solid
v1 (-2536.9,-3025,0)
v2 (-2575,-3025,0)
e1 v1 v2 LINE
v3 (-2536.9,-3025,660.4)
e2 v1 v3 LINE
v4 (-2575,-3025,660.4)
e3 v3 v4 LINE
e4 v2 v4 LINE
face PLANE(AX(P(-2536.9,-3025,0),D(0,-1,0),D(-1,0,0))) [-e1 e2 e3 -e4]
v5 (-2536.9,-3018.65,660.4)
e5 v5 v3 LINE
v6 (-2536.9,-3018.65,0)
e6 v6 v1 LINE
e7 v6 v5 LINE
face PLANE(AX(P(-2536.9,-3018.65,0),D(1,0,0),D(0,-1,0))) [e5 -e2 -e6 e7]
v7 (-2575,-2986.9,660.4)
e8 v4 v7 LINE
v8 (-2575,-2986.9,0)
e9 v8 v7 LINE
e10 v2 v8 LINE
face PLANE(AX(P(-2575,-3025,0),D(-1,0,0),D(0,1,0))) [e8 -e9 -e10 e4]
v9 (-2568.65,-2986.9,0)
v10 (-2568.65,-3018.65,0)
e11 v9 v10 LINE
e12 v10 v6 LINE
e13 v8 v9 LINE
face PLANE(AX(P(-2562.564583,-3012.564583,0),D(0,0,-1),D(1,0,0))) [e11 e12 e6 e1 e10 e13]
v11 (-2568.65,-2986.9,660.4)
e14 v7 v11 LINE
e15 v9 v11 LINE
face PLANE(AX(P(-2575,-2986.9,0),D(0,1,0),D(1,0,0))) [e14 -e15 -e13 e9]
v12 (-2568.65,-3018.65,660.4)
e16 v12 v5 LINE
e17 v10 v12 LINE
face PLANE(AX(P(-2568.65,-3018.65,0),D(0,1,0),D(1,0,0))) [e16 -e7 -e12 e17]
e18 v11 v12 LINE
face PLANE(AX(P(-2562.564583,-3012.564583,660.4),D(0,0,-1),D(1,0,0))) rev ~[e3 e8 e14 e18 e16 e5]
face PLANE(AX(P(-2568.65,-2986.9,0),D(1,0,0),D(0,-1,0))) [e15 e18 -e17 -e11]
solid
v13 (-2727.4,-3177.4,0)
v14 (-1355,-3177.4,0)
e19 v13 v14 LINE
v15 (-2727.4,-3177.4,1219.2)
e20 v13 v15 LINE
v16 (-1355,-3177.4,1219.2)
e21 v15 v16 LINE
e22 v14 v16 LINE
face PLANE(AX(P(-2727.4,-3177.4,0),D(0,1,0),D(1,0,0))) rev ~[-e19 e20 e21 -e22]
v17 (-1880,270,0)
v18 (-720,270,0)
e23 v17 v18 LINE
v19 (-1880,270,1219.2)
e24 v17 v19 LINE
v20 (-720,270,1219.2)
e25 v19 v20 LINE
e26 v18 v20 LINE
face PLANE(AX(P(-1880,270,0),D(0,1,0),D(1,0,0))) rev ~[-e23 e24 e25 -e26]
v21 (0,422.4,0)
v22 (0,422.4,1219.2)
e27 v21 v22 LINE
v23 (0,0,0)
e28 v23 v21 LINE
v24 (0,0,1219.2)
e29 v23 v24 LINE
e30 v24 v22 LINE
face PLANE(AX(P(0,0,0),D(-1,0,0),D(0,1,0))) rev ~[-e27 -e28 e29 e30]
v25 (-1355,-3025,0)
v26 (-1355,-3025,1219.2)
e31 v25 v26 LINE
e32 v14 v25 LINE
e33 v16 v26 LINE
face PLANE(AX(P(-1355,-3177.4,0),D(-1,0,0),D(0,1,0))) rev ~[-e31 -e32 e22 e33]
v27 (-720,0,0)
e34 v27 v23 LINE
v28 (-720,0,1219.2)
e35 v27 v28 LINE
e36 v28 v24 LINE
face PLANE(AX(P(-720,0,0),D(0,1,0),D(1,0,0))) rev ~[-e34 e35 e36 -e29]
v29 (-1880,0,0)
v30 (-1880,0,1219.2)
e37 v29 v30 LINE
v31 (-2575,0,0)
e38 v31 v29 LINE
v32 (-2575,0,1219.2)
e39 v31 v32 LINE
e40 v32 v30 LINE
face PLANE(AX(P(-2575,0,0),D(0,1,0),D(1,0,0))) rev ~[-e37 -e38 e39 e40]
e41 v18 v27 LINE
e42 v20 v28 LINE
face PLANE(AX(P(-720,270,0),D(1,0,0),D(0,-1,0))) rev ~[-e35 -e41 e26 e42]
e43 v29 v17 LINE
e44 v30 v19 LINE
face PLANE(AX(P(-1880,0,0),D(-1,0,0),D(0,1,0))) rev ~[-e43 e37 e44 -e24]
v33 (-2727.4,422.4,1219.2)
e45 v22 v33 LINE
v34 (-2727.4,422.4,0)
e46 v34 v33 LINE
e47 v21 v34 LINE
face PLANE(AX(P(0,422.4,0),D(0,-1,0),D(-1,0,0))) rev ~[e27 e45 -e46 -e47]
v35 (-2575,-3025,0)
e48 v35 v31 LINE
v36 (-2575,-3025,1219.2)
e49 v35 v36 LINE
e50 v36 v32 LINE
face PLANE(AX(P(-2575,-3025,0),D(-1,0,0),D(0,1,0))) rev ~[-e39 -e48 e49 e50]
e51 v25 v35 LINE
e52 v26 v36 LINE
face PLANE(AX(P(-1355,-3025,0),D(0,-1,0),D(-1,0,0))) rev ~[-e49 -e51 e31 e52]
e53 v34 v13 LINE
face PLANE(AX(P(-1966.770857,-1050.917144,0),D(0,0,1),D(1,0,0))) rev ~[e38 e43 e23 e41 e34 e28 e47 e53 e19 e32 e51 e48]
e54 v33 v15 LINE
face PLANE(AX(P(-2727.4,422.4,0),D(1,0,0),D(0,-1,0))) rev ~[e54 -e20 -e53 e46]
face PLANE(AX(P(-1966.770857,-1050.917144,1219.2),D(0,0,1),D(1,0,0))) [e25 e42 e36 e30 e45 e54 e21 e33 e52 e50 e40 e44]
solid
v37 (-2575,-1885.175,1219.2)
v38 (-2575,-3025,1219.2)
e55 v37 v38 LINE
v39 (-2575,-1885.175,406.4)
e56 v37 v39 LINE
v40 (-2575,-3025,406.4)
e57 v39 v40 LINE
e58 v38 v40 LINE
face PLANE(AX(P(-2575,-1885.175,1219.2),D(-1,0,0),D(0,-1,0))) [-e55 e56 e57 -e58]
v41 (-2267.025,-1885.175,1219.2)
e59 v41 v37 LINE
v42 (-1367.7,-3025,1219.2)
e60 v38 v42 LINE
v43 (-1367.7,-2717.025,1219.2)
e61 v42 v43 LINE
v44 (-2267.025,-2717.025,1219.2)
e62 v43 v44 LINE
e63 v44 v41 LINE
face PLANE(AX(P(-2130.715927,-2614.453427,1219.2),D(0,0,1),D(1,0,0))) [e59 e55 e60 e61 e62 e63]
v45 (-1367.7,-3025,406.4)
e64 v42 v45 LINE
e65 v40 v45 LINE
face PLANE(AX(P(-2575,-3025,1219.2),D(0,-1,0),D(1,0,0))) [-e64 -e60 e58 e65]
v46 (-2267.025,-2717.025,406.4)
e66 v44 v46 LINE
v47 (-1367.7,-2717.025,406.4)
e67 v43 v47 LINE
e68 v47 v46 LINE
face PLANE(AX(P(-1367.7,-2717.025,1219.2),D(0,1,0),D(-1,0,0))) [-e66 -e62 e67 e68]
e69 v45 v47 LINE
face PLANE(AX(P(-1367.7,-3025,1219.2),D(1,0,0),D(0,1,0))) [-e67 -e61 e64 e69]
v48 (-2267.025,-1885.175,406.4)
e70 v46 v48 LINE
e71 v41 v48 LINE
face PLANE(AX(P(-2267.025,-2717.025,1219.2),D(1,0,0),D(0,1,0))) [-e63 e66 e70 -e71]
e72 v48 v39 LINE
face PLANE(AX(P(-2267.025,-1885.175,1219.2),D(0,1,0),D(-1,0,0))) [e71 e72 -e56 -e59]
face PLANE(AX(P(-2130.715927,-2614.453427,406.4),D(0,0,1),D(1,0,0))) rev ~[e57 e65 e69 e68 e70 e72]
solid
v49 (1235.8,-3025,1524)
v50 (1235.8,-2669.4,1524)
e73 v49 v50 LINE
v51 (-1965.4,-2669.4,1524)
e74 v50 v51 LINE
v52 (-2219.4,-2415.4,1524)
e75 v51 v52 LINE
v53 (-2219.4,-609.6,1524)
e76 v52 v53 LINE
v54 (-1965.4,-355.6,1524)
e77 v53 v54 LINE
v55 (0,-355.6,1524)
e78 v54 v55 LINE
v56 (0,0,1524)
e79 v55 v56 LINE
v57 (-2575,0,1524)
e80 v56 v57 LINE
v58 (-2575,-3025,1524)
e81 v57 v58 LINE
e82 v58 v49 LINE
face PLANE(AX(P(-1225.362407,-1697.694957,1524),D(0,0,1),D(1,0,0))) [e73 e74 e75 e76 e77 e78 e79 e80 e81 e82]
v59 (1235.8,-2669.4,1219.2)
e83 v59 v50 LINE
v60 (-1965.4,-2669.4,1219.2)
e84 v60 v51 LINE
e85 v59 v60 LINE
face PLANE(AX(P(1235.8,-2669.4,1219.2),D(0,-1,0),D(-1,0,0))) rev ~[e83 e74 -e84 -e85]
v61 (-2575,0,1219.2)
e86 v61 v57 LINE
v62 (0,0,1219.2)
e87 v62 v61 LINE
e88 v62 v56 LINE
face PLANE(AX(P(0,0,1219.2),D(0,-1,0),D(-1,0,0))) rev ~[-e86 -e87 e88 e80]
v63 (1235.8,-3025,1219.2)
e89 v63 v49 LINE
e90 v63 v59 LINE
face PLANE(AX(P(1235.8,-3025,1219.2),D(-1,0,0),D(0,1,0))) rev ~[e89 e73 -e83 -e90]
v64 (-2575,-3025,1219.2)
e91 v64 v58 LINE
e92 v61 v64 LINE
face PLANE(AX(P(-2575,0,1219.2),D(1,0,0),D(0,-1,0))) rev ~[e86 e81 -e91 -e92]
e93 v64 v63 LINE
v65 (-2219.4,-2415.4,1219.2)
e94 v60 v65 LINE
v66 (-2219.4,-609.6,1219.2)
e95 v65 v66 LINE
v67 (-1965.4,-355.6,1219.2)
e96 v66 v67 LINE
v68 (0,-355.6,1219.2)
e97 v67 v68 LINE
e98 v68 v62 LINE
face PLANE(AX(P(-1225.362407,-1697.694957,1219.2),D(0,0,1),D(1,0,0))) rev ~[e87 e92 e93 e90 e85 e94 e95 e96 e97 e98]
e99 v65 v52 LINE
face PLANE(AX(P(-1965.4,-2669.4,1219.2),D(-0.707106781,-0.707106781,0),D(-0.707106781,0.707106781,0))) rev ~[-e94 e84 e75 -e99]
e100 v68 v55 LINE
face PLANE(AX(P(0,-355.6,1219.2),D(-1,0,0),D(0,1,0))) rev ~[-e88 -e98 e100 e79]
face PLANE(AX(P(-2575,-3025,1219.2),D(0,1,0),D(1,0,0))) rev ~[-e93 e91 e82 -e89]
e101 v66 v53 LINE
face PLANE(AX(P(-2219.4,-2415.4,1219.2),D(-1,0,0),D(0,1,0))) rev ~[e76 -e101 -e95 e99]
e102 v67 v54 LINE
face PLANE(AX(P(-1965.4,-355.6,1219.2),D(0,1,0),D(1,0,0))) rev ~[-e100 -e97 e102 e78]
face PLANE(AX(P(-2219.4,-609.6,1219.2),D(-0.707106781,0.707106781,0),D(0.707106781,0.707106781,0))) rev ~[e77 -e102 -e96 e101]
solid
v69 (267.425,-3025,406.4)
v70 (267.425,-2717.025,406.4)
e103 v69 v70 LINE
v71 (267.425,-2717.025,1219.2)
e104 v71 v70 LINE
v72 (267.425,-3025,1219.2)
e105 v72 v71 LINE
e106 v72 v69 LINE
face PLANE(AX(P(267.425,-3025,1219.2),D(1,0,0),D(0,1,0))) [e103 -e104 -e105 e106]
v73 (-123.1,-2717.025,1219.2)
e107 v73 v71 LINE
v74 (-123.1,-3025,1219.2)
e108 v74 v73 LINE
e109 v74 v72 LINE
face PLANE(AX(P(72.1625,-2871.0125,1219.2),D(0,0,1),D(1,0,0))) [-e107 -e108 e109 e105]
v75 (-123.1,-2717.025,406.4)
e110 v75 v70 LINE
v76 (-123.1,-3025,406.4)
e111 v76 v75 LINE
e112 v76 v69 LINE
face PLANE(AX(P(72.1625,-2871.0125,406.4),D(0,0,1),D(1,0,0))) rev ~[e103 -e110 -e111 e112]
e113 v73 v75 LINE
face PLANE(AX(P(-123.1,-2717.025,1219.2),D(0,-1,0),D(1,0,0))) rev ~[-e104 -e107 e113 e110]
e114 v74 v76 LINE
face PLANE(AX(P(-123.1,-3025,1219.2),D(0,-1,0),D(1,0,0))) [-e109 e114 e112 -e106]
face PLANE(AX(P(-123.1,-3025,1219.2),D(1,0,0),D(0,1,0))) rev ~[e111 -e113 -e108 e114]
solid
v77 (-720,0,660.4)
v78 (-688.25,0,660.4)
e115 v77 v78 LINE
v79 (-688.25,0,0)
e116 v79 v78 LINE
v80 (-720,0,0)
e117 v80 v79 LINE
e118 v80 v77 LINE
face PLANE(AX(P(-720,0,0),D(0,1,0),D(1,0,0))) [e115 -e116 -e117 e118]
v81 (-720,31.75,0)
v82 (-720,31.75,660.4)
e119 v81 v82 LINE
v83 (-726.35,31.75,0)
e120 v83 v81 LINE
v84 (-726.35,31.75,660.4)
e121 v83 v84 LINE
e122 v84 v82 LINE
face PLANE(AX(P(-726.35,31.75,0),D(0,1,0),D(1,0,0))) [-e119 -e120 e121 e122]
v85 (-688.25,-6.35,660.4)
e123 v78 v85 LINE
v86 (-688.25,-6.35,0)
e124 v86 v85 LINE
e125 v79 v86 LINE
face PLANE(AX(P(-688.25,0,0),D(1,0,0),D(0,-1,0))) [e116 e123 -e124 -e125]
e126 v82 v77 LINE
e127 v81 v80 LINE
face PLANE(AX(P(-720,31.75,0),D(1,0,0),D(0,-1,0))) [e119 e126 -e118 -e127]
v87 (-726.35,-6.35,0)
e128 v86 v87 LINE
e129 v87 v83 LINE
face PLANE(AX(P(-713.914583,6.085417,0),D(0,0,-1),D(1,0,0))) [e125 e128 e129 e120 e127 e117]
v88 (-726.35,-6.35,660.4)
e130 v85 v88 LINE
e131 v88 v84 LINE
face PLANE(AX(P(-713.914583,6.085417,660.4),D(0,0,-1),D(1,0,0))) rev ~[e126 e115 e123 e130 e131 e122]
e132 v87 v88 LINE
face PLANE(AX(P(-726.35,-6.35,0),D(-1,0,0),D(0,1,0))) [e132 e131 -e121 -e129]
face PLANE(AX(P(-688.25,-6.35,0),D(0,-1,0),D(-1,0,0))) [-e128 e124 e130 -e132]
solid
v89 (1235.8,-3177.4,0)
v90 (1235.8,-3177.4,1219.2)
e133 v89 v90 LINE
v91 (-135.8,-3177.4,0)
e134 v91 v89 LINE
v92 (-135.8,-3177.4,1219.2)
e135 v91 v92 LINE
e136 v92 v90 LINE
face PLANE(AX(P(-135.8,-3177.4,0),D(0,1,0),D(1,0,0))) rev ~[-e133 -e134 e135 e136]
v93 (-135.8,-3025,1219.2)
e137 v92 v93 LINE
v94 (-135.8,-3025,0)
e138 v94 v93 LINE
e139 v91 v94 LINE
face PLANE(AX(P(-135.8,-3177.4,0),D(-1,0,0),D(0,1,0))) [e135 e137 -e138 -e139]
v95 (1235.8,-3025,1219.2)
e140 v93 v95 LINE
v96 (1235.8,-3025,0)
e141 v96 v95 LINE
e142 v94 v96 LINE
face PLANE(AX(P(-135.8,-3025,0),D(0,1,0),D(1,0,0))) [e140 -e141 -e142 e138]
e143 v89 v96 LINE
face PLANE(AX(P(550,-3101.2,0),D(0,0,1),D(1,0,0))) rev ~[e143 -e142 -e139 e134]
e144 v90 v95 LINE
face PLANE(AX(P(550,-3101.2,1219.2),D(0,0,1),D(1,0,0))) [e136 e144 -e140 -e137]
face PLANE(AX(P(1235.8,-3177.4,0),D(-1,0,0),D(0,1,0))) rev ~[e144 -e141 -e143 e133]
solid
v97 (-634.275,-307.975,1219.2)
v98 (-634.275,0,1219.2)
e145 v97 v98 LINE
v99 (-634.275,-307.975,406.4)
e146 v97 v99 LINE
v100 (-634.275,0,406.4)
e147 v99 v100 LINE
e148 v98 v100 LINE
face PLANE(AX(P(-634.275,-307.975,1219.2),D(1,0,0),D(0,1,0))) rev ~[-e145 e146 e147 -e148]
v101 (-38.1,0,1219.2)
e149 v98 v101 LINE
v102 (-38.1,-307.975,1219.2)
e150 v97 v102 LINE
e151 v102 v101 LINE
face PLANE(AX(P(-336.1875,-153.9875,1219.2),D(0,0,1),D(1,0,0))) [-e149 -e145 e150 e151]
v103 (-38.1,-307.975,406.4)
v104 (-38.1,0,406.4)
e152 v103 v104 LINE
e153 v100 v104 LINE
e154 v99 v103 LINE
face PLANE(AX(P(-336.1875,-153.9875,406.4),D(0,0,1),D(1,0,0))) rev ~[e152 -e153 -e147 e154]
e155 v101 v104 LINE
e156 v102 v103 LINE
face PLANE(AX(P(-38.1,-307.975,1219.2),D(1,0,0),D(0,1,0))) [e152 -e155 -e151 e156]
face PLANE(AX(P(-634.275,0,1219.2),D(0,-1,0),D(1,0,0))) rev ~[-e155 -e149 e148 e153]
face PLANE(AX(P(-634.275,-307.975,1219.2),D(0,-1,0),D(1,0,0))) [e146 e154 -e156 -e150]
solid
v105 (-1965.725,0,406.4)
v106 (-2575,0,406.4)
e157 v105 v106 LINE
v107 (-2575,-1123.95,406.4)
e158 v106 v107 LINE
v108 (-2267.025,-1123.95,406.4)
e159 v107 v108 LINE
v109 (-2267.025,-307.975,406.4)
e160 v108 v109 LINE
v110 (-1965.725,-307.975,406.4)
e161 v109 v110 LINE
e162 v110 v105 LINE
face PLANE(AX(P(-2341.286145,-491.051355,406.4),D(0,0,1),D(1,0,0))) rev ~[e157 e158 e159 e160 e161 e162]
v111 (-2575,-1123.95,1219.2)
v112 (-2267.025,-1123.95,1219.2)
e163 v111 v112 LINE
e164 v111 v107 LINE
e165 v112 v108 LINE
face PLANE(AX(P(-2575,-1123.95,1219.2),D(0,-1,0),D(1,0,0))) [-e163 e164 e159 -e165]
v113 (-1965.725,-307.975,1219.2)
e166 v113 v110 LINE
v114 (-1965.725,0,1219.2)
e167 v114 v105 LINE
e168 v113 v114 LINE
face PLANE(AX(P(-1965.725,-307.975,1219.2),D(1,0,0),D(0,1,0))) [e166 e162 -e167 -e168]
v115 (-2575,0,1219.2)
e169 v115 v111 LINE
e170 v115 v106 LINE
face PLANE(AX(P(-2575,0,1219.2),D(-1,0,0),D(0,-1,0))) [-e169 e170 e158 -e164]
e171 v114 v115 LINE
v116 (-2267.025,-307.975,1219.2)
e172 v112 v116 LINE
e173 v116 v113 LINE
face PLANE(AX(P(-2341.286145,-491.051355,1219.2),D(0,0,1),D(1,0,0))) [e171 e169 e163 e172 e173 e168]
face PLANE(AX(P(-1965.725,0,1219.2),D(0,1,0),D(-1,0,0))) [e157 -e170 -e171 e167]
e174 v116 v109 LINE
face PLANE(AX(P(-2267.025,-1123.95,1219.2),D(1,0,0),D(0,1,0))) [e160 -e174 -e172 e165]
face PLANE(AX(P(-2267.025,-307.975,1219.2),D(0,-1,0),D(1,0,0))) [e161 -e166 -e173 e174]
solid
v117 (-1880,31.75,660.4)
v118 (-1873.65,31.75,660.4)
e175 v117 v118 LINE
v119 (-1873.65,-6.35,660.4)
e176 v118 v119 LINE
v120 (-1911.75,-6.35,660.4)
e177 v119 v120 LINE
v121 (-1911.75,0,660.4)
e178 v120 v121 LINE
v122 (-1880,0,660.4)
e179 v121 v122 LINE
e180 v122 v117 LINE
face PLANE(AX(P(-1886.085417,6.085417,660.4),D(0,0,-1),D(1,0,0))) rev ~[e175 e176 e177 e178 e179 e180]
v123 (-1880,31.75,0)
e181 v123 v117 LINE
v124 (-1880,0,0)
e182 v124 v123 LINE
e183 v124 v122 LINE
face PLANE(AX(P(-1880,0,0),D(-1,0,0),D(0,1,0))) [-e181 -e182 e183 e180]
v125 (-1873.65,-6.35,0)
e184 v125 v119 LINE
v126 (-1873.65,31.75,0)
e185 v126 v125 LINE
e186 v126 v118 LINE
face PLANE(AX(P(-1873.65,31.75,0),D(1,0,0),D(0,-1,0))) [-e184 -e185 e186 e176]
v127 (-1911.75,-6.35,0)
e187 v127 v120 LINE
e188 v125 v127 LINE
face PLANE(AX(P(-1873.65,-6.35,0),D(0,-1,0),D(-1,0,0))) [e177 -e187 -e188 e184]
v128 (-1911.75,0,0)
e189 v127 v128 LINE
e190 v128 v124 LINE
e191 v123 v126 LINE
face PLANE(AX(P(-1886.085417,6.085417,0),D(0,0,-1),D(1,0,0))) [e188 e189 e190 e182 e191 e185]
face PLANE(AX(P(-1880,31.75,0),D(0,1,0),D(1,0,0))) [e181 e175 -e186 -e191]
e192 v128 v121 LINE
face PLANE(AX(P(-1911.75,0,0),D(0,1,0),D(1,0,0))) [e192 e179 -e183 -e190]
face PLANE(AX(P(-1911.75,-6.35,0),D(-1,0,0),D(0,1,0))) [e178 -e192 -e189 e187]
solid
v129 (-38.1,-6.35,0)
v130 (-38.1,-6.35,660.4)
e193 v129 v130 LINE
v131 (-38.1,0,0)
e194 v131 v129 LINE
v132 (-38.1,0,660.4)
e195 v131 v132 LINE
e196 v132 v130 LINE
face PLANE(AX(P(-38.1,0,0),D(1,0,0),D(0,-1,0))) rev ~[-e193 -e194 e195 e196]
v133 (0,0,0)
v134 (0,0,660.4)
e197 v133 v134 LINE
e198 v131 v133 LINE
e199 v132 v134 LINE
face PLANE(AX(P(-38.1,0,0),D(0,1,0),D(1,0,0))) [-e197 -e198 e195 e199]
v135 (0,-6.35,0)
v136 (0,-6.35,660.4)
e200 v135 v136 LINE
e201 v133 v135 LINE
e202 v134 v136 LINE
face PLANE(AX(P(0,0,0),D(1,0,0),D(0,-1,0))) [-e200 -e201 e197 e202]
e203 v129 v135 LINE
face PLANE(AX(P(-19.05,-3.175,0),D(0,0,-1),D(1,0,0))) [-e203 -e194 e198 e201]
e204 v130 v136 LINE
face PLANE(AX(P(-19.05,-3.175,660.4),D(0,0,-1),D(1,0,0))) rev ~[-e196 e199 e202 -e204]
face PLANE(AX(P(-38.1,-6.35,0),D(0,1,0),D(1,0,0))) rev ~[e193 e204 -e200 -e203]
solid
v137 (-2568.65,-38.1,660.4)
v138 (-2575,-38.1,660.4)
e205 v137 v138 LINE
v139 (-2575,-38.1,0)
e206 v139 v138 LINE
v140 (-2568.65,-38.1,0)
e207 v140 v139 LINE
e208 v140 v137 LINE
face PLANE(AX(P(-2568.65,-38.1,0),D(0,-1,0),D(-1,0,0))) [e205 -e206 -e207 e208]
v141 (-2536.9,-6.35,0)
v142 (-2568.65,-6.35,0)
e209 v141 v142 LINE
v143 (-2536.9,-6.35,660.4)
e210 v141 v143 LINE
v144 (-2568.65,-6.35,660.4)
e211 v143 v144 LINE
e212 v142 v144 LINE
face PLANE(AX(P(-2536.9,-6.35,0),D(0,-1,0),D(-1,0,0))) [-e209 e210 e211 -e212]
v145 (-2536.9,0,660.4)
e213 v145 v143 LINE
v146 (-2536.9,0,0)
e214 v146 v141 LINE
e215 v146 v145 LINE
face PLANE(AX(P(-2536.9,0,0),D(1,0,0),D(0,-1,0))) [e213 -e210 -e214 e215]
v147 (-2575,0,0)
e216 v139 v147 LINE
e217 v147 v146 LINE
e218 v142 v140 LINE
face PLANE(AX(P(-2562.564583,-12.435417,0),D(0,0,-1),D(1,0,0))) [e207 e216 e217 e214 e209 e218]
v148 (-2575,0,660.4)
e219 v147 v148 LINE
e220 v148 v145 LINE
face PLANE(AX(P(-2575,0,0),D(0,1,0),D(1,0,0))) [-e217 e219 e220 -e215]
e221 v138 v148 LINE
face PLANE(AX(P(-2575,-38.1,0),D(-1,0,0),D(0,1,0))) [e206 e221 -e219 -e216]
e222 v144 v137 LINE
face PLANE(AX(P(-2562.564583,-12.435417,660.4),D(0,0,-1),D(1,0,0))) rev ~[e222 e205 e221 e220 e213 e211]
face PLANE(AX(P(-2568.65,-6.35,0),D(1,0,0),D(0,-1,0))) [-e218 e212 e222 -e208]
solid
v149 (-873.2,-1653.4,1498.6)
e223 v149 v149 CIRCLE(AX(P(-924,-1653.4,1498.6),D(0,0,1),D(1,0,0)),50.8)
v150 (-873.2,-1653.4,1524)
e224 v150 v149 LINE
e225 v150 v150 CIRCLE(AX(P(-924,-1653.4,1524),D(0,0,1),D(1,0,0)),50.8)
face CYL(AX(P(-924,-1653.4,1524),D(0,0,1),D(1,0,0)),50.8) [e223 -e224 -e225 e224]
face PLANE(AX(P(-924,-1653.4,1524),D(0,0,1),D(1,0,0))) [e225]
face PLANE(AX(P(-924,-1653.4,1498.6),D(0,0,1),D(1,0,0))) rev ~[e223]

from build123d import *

# Parameters (mm, degrees)
F0_W     = 1371.6
F0_H     = 152.4
F1_DEPTH = 1219.2
F2_W     = 596.175
F2_H     = 307.975
F2_W_2   = 390.525
F3_DEPTH = 812.8
F4_W     = 38.1
F4_H     = 6.35
F5_DEPTH = 660.4
F7_DEPTH = 304.8
F8_R     = 50.8
F9_DEPTH = 25.4


with BuildPart() as f1:
    # F0 (on Top) → F1 (new body)
    with BuildSketch(Plane.XY):
        Polygon((-720, 0), (0, 0), (0, 422.4), (-2727.4, 422.4), (-2727.4, -3177.4), (-1355, -3177.4), (-1355, -3025), (-2575, -3025), (-2575, 0), (-1880, 0), (-1880, 270), (-720, 270), align=None)
        with Locations((550, -3101.2)):
            Rectangle(F0_W, F0_H)
    extrude(amount=F1_DEPTH)


with BuildPart() as f3:
    # F2 (on face) → F3 (new body)
    with BuildSketch(Plane.XY.offset(1219.2)):
        with Locations((-336.1875, -153.9875)):
            Rectangle(F2_W, F2_H)
        Polygon((-1965.725, -307.975), (-1965.725, 0), (-2575, 0), (-2575, -1123.95), (-2267.025, -1123.95), (-2267.025, -307.975), align=None)
        Polygon((-2267.025, -1885.175), (-2575, -1885.175), (-2575, -3025), (-1367.7, -3025), (-1367.7, -2717.025), (-2267.025, -2717.025), align=None)
        with Locations((72.1625, -2871.0125)):
            Rectangle(F2_W_2, F2_H)
    extrude(amount=-F3_DEPTH)


with BuildPart() as f5:
    # F4 (on face) → F5 (new body)
    with BuildSketch(Plane(origin=(0, 0, 0), x_dir=(1, 0, 0), z_dir=(0, 0, -1))):
        with Locations((-19.05, 3.175)):
            Rectangle(F4_W, F4_H)
        Polygon((-720, 0), (-688.25, 0), (-688.25, 6.35), (-726.35, 6.35), (-726.35, -31.75), (-720, -31.75), align=None)
        Polygon((-1911.75, 6.35), (-1911.75, 0), (-1880, 0), (-1880, -31.75), (-1873.65, -31.75), (-1873.65, 6.35), align=None)
        Polygon((-2575, 38.1), (-2575, 0), (-2536.9, 0), (-2536.9, 6.35), (-2568.65, 6.35), (-2568.65, 38.1), align=None)
        Polygon((-2536.9, 3025), (-2575, 3025), (-2575, 2986.9), (-2568.65, 2986.9), (-2568.65, 3018.65), (-2536.9, 3018.65), align=None)
    extrude(amount=-F5_DEPTH)


with BuildPart() as f7:
    # F6 (on face) → F7 (new body)
    with BuildSketch(Plane.XY.offset(1219.2)):
        Polygon((-2575, 0), (-2575, -3025), (1235.8, -3025), (1235.8, -2669.4), (-1965.4, -2669.4), (-2219.4, -2415.4), (-2219.4, -609.6), (-1965.4, -355.6), (0, -355.6), (0, 0), align=None)
    extrude(amount=F7_DEPTH)


with BuildPart() as f9:
    # F8 (on face) → F9 (new body)
    with BuildSketch(Plane.XY.offset(1524)):
        with Locations((-924, -1653.4)):
            Circle(F8_R)
    extrude(amount=-F9_DEPTH)


solid = Compound([f1.part, f3.part, f5.part, f7.part, f9.part])
